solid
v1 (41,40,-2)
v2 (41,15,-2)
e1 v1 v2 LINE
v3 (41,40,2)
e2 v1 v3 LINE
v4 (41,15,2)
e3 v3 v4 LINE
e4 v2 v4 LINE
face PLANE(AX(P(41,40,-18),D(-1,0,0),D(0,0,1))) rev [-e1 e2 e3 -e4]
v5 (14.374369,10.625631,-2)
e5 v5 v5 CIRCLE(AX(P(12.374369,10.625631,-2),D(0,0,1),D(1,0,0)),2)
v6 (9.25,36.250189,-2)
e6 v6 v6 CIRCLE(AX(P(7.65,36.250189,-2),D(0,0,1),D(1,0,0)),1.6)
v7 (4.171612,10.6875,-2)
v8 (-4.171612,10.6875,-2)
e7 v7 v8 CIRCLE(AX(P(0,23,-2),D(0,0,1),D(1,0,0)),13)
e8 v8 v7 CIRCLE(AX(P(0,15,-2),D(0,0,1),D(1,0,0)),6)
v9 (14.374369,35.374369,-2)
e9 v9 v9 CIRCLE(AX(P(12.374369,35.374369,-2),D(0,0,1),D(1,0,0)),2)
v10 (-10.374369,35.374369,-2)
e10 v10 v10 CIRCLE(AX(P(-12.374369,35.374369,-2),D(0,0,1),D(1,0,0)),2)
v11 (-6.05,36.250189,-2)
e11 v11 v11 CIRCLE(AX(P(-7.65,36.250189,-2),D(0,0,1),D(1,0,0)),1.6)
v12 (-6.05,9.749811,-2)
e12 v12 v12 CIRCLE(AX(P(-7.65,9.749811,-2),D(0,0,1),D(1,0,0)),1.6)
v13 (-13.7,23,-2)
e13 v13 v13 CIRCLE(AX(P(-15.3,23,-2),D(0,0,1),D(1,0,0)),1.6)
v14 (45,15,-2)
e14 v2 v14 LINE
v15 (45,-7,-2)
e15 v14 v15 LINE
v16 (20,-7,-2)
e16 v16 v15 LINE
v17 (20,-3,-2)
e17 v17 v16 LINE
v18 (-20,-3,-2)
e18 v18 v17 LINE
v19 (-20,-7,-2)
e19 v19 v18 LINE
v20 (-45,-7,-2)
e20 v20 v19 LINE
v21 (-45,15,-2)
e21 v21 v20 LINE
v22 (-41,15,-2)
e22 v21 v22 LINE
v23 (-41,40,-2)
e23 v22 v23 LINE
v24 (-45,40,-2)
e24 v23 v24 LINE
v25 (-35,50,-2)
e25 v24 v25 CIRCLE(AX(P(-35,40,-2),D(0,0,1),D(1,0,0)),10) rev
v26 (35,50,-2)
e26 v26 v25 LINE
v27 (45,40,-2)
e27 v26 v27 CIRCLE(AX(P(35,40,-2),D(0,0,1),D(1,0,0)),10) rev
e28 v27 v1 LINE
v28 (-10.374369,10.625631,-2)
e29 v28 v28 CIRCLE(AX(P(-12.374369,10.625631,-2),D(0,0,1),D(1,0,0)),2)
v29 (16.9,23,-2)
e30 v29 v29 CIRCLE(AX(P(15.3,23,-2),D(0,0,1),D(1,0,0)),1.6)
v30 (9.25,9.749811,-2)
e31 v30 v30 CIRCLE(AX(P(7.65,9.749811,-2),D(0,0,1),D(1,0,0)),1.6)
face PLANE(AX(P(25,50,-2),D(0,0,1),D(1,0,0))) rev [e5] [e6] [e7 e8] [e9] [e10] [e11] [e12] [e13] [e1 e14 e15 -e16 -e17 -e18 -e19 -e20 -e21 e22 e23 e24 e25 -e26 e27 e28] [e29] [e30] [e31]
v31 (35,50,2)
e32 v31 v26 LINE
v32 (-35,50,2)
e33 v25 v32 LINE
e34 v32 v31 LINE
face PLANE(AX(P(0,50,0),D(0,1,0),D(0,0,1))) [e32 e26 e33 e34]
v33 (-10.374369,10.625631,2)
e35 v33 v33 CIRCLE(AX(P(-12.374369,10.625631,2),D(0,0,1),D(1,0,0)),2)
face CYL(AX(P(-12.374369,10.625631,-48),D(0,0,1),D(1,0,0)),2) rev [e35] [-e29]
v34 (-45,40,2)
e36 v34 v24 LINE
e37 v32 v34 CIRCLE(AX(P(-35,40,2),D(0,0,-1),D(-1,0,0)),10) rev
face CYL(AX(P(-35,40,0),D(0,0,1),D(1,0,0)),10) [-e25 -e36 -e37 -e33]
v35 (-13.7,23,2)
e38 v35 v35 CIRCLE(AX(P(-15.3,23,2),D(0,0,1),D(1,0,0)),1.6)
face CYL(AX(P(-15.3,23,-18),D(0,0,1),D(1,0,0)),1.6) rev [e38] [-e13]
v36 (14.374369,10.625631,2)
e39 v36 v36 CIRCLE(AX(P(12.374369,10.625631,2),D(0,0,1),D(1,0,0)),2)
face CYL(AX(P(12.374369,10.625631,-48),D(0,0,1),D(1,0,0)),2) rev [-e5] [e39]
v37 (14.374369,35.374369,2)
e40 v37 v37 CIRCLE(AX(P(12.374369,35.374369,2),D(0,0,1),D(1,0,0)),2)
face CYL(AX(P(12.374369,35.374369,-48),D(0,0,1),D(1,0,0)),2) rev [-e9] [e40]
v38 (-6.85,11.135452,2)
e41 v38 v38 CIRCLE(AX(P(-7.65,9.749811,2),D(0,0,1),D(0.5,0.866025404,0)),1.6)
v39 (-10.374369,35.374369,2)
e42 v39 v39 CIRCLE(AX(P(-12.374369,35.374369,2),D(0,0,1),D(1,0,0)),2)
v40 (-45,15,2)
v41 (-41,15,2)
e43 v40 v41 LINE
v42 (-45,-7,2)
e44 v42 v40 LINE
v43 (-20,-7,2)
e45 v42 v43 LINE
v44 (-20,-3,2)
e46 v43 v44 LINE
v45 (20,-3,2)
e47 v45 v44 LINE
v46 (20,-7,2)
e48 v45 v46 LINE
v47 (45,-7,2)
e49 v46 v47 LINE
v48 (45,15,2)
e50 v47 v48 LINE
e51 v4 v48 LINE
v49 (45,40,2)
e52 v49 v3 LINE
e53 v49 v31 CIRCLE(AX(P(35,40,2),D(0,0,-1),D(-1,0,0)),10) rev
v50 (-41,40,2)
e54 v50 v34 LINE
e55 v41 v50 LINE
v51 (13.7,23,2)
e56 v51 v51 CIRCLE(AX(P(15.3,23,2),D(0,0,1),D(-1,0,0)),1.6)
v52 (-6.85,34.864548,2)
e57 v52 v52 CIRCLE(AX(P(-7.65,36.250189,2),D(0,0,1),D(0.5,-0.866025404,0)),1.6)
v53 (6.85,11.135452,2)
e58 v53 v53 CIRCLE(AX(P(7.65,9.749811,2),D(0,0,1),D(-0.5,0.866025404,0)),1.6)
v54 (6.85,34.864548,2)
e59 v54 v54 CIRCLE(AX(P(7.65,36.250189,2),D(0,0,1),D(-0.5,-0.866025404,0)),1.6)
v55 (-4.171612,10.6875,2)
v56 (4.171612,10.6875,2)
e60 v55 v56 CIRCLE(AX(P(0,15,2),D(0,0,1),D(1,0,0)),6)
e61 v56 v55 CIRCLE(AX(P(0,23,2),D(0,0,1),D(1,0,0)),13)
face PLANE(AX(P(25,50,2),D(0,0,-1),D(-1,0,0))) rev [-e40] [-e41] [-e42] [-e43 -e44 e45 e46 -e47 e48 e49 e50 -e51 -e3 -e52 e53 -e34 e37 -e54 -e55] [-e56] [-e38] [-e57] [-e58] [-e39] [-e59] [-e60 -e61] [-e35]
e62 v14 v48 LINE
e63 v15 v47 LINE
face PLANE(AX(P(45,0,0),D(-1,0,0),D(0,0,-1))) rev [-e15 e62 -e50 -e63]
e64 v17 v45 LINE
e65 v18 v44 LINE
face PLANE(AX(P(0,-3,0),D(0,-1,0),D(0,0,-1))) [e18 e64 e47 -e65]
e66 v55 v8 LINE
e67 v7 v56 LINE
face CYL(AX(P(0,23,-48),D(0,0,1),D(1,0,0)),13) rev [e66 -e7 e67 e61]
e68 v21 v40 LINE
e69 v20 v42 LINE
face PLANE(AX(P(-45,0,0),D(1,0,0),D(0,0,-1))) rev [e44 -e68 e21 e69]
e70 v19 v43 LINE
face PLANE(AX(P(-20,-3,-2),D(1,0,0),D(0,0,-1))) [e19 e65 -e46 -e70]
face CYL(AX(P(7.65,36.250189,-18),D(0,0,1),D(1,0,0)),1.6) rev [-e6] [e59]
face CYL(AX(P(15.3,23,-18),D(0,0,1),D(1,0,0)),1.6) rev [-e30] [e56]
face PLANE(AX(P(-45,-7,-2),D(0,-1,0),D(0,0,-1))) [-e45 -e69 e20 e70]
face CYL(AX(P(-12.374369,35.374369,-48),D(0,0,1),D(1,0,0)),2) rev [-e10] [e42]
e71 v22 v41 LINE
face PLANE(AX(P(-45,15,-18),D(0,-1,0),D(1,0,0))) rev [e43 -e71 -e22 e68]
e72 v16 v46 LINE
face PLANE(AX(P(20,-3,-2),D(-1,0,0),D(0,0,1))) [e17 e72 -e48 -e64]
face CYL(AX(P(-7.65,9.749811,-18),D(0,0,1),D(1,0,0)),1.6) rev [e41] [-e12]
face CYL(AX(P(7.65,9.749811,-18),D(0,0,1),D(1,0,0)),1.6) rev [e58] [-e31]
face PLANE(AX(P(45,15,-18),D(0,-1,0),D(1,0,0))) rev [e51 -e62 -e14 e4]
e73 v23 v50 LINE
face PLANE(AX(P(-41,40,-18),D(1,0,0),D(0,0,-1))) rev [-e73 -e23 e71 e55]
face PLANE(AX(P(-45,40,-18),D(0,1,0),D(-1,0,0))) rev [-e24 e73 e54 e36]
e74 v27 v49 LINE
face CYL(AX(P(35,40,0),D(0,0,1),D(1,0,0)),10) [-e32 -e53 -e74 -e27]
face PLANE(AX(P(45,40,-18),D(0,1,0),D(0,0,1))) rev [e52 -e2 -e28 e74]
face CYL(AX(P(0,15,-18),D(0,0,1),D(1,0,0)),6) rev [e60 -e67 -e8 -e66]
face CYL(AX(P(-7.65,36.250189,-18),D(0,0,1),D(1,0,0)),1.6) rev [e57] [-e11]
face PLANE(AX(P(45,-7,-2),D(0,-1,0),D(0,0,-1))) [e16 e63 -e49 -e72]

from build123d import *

# Parameters (mm, degrees)
SKETCH1_W           = 50
SKETCH1_H           = 4
BOSS_EXTRUDE1_DEPTH = 50
SKETCH2_R           = 13
CUT_EXTRUDE1_DEPTH  = 50
SKETCH4_R           = 2
CUT_EXTRUDE3_DEPTH  = 50
SKETCH7_W           = 4
SKETCH7_H           = 50
BOSS_EXTRUDE3_DEPTH = 20
SKETCH8_W           = 90
SKETCH8_H           = 4
BOSS_EXTRUDE4_DEPTH = 3
SKETCH9_W           = 25
SKETCH9_H           = 4
BOSS_EXTRUDE5_DEPTH = 4
FILLET1_R           = 10
SKETCH10_R          = 1.6
CUT_EXTRUDE4_DEPTH  = 20
CIRPATTERN1_COUNT   = 6
SKETCH11_R          = 6
CUT_EXTRUDE5_DEPTH  = 20
SKETCH12_W          = 4
SKETCH12_H          = 25
CUT_EXTRUDE6_DEPTH  = 20


with BuildPart() as part:
    # Sketch1 → Boss-Extrude1 (new body)
    with BuildSketch(Plane(origin=(0, 0, 0), x_dir=(1, 0, 0), z_dir=(0, 1, 0))):
        Rectangle(SKETCH1_W, SKETCH1_H)
    extrude(amount=BOSS_EXTRUDE1_DEPTH)

    # Sketch2 → Cut-Extrude1 (cut)
    with BuildSketch(Plane.XY.offset(2)):
        with Locations((0, 23)):
            Circle(SKETCH2_R)
    extrude(amount=-CUT_EXTRUDE1_DEPTH, mode=Mode.SUBTRACT)

    # Sketch4 → Cut-Extrude3 (cut)
    with BuildSketch(Plane.XY.offset(2)):
        with Locations((12.374368671, 35.374368671)):
            Circle(SKETCH4_R)
        with Locations((12.374368671, 10.625631329)):
            Circle(SKETCH4_R)
        with Locations((-12.374368671, 35.374368671)):
            Circle(SKETCH4_R)
        with Locations((-12.374368671, 10.625631329)):
            Circle(SKETCH4_R)
    extrude(amount=-CUT_EXTRUDE3_DEPTH, mode=Mode.SUBTRACT)

    # Sketch7 → Boss-Extrude3 (add)
    with BuildSketch(Plane.ZY.offset(25)):
        with Locations((0, 25)):
            Rectangle(SKETCH7_W, SKETCH7_H)
    boss_extrude3 = extrude(amount=BOSS_EXTRUDE3_DEPTH)

    # Mirror1: Boss-Extrude3 across plane
    add(boss_extrude3.mirror(Plane(origin=(0, 0, 0), x_dir=(0, 0, 1), z_dir=(1, 0, 0))))

    # Sketch8 → Boss-Extrude4 (add)
    with BuildSketch(Plane.XZ):
        Rectangle(SKETCH8_W, SKETCH8_H)
    extrude(amount=BOSS_EXTRUDE4_DEPTH)

    # Sketch9 → Boss-Extrude5 (add)
    with BuildSketch(Plane.XY.offset(2)):
        with Locations((-32.5, -5)):
            Rectangle(SKETCH9_W, SKETCH9_H)
        with Locations((32.5, -5)):
            Rectangle(SKETCH9_W, SKETCH9_H)
    extrude(amount=-BOSS_EXTRUDE5_DEPTH)

    # Fillet1
    fillet1_edges = [part.edges().sort_by_distance(p)[0] for p in [
        (-45, 50, 0),
        (45, 50, 0),
    ]]
    fillet(fillet1_edges, radius=FILLET1_R)

    # Sketch10 → Cut-Extrude4 (cut)
    with BuildSketch(Plane.XY.offset(2)):
        with Locations((-15.3, 23)):
            Circle(SKETCH10_R)
    cut_extrude4 = extrude(amount=-CUT_EXTRUDE4_DEPTH, mode=Mode.SUBTRACT)

    # CirPattern1: Cut-Extrude4 ×6 about axis
    cirpattern1_axis = Axis((0, 23, 0), (0, 0, 1))
    for i in range(1, CIRPATTERN1_COUNT):
        add(cut_extrude4.rotate(cirpattern1_axis, i * 360 / CIRPATTERN1_COUNT), mode=Mode.SUBTRACT)

    # Sketch11 → Cut-Extrude5 (cut)
    with BuildSketch(Plane.XY.offset(2)):
        with Locations((0, 15)):
            Circle(SKETCH11_R)
    extrude(amount=-CUT_EXTRUDE5_DEPTH, mode=Mode.SUBTRACT)

    # Sketch12 → Cut-Extrude6 (cut)
    with BuildSketch(Plane.XY.offset(2)):
        with Locations((43, 27.5)):
            Rectangle(SKETCH12_W, SKETCH12_H)
        with Locations((-43, 27.5)):
            Rectangle(SKETCH12_W, SKETCH12_H)
    extrude(amount=-CUT_EXTRUDE6_DEPTH, mode=Mode.SUBTRACT)


solid = part.part
